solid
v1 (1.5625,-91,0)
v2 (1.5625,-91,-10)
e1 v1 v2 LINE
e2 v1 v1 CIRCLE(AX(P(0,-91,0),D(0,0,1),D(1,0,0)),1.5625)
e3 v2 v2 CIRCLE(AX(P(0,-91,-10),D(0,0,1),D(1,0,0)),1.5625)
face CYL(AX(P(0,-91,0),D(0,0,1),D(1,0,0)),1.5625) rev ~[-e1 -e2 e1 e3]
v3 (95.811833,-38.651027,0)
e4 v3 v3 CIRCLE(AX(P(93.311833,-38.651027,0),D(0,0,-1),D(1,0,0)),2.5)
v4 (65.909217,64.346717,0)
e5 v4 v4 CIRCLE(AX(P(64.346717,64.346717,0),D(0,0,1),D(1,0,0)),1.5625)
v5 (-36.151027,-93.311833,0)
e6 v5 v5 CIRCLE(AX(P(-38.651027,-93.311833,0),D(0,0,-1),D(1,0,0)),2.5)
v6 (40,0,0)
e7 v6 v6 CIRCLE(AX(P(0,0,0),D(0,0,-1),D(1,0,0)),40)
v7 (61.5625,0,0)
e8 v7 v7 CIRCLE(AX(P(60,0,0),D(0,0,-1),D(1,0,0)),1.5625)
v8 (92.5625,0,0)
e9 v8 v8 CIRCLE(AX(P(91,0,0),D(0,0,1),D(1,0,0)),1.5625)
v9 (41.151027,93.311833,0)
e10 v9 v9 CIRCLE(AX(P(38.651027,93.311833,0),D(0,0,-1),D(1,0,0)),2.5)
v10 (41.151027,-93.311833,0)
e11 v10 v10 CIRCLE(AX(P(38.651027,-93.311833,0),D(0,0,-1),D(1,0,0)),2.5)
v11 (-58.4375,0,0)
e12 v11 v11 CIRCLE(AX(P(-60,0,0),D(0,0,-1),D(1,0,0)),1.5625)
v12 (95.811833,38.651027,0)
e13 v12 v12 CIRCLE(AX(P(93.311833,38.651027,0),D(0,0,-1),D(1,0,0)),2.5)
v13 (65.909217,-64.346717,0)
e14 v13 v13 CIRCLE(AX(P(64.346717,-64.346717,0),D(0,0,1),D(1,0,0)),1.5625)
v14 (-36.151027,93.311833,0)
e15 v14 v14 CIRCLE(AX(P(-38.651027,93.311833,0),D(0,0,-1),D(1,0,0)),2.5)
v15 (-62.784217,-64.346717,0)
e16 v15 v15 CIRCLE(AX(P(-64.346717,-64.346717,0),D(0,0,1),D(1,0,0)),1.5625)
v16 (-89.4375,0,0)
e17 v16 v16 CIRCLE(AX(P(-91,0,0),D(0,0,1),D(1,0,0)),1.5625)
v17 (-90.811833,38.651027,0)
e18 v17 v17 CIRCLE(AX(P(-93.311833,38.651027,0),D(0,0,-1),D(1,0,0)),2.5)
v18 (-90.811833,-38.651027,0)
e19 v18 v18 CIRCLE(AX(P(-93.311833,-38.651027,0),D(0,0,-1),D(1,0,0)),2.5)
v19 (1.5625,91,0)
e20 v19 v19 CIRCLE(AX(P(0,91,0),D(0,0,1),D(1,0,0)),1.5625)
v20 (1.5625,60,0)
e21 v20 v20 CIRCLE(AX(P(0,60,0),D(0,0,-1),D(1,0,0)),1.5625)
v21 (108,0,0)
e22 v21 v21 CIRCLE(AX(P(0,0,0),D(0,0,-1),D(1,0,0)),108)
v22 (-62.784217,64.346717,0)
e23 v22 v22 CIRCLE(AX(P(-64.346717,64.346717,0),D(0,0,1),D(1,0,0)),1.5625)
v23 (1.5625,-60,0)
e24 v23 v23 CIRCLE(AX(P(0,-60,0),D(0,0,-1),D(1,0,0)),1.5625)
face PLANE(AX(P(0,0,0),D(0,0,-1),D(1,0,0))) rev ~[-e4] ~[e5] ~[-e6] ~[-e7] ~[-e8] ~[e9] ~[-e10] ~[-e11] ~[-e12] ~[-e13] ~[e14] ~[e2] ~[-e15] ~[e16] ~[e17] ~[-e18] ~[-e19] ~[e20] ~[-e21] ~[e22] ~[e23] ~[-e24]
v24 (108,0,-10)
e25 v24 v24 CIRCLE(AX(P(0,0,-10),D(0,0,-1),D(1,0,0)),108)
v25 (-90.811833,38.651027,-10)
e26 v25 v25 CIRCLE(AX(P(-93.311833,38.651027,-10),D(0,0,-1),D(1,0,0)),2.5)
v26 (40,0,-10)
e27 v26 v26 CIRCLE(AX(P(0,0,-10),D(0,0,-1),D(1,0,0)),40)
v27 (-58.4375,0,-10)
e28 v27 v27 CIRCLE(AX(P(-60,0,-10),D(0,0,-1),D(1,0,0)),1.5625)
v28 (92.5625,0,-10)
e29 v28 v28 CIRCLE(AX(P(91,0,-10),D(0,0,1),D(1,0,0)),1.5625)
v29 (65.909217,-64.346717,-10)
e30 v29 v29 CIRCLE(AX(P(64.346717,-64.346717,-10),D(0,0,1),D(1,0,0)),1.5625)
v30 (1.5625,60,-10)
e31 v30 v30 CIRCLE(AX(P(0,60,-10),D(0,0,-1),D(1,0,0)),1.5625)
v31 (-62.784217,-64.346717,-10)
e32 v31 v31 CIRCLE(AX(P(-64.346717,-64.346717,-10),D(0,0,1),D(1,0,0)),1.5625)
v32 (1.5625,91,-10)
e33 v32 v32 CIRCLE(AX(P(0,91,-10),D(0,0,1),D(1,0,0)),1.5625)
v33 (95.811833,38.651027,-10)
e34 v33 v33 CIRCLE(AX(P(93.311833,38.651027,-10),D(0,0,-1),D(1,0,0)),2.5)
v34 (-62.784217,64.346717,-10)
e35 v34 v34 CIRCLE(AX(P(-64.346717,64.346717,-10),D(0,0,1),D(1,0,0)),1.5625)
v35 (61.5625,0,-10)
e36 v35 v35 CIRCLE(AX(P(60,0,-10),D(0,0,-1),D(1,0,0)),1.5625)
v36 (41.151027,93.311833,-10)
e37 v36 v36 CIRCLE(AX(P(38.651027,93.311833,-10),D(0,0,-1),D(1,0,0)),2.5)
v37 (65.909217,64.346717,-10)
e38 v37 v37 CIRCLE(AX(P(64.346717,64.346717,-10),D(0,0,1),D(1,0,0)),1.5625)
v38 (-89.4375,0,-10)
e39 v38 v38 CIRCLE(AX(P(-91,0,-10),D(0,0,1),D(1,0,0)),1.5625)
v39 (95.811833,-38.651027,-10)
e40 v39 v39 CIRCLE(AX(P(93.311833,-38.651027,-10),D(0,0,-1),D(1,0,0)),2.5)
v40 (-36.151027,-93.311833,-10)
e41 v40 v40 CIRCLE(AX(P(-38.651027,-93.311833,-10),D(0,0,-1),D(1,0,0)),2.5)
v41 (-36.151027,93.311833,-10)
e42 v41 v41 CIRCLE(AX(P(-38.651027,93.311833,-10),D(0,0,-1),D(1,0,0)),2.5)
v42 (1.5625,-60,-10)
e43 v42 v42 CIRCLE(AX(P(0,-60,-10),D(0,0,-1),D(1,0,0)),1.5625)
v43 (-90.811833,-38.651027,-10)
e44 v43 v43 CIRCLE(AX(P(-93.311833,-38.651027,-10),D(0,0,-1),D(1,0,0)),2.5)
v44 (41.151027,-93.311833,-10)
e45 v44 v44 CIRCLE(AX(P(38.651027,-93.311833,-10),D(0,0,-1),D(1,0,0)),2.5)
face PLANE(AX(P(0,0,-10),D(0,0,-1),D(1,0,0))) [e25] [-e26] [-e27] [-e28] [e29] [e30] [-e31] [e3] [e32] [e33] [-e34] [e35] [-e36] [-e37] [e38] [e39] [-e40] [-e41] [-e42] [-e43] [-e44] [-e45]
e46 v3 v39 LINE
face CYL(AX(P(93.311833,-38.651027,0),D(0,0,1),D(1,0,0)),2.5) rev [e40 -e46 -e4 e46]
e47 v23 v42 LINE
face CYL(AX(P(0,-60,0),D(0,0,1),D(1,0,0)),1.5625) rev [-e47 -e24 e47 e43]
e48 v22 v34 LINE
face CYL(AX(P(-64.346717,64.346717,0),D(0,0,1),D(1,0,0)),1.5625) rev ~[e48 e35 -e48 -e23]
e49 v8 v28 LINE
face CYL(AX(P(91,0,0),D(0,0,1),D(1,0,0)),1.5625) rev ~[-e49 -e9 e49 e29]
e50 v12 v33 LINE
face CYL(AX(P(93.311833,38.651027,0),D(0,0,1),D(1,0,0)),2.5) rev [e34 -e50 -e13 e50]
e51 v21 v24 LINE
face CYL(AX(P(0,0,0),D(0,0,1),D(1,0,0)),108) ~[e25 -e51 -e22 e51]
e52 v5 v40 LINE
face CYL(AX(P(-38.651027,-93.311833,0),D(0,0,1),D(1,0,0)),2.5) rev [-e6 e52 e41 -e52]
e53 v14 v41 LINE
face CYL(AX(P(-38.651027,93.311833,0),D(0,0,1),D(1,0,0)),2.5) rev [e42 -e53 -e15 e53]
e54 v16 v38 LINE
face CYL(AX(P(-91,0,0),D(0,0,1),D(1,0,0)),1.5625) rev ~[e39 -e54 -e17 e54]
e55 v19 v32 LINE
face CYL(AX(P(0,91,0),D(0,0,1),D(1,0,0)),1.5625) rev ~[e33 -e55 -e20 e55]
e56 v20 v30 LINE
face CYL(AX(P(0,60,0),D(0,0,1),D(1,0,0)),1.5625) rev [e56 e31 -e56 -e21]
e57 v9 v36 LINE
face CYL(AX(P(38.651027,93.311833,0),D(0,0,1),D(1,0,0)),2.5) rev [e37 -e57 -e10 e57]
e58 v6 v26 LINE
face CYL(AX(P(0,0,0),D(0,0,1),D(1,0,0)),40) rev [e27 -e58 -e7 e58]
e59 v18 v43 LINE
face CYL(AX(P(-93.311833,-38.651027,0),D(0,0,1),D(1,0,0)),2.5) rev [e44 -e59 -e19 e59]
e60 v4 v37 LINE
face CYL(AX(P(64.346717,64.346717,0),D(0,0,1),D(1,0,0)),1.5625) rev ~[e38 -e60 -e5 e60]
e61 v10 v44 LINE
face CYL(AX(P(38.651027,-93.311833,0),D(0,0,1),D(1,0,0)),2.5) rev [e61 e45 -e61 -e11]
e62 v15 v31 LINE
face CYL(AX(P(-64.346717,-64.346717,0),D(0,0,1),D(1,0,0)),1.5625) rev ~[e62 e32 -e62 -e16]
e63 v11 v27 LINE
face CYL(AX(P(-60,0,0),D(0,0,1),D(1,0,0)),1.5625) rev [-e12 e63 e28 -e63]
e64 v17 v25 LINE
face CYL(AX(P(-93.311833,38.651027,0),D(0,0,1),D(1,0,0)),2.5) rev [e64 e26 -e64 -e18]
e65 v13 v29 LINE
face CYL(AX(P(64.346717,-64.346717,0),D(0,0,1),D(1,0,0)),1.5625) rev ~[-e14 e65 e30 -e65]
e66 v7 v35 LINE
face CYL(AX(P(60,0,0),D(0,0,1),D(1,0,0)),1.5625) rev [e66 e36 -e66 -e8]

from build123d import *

# Parameters (mm, degrees)
SKETCH001_R       = 108
SKETCH001_R_2     = 40
SKETCH001_R_3     = 2.5
SKETCH001_R_4     = 1.5625
PAD_DEPTH         = 10
SKETCH_R          = 1.5625
POCKET_DEPTH      = 10.001
POCKET_DEPTH_BACK = 0.001


with BuildPart() as part:
    # Sketch001 → Pad (new body)
    with BuildSketch(Plane(origin=(0, 0, 0), x_dir=(1, 0, 0), z_dir=(0, 0, -1))):
        Circle(SKETCH001_R)
        Circle(SKETCH001_R_2, mode=Mode.SUBTRACT)
        with Locations((38.651027, 93.311833)):
            Circle(SKETCH001_R_3, mode=Mode.SUBTRACT)
        with Locations((93.311833, 38.651027)):
            Circle(SKETCH001_R_3, mode=Mode.SUBTRACT)
        with Locations((93.311833, -38.651027)):
            Circle(SKETCH001_R_3, mode=Mode.SUBTRACT)
        with Locations((38.651027, -93.311833)):
            Circle(SKETCH001_R_3, mode=Mode.SUBTRACT)
        with Locations((-38.651027, 93.311833)):
            Circle(SKETCH001_R_3, mode=Mode.SUBTRACT)
        with Locations((-93.311833, 38.651027)):
            Circle(SKETCH001_R_3, mode=Mode.SUBTRACT)
        with Locations((-93.311833, -38.651027)):
            Circle(SKETCH001_R_3, mode=Mode.SUBTRACT)
        with Locations((-38.651027, -93.311833)):
            Circle(SKETCH001_R_3, mode=Mode.SUBTRACT)
        with Locations((0, 60)):
            Circle(SKETCH001_R_4, mode=Mode.SUBTRACT)
        with Locations((-60, 0)):
            Circle(SKETCH001_R_4, mode=Mode.SUBTRACT)
        with Locations((0, -60)):
            Circle(SKETCH001_R_4, mode=Mode.SUBTRACT)
        with Locations((60, 0)):
            Circle(SKETCH001_R_4, mode=Mode.SUBTRACT)
    extrude(amount=PAD_DEPTH)

    # Sketch → Pocket (cut, two sides)
    with BuildSketch(Plane.XY) as pocket_sk:
        with Locations((64.346717, 64.346717)):
            Circle(SKETCH_R)
        with Locations((0, 91)):
            Circle(SKETCH_R)
        with Locations((91, 0)):
            Circle(SKETCH_R)
        with Locations((64.346717, -64.346717)):
            Circle(SKETCH_R)
        with Locations((0, -91)):
            Circle(SKETCH_R)
        with Locations((-91, 0)):
            Circle(SKETCH_R)
        with Locations((-64.346717, -64.346717)):
            Circle(SKETCH_R)
        with Locations((-64.346717, 64.346717)):
            Circle(SKETCH_R)
    extrude(amount=-POCKET_DEPTH, mode=Mode.SUBTRACT)
    extrude(pocket_sk.sketch, amount=POCKET_DEPTH_BACK, mode=Mode.SUBTRACT)


solid = part.part
